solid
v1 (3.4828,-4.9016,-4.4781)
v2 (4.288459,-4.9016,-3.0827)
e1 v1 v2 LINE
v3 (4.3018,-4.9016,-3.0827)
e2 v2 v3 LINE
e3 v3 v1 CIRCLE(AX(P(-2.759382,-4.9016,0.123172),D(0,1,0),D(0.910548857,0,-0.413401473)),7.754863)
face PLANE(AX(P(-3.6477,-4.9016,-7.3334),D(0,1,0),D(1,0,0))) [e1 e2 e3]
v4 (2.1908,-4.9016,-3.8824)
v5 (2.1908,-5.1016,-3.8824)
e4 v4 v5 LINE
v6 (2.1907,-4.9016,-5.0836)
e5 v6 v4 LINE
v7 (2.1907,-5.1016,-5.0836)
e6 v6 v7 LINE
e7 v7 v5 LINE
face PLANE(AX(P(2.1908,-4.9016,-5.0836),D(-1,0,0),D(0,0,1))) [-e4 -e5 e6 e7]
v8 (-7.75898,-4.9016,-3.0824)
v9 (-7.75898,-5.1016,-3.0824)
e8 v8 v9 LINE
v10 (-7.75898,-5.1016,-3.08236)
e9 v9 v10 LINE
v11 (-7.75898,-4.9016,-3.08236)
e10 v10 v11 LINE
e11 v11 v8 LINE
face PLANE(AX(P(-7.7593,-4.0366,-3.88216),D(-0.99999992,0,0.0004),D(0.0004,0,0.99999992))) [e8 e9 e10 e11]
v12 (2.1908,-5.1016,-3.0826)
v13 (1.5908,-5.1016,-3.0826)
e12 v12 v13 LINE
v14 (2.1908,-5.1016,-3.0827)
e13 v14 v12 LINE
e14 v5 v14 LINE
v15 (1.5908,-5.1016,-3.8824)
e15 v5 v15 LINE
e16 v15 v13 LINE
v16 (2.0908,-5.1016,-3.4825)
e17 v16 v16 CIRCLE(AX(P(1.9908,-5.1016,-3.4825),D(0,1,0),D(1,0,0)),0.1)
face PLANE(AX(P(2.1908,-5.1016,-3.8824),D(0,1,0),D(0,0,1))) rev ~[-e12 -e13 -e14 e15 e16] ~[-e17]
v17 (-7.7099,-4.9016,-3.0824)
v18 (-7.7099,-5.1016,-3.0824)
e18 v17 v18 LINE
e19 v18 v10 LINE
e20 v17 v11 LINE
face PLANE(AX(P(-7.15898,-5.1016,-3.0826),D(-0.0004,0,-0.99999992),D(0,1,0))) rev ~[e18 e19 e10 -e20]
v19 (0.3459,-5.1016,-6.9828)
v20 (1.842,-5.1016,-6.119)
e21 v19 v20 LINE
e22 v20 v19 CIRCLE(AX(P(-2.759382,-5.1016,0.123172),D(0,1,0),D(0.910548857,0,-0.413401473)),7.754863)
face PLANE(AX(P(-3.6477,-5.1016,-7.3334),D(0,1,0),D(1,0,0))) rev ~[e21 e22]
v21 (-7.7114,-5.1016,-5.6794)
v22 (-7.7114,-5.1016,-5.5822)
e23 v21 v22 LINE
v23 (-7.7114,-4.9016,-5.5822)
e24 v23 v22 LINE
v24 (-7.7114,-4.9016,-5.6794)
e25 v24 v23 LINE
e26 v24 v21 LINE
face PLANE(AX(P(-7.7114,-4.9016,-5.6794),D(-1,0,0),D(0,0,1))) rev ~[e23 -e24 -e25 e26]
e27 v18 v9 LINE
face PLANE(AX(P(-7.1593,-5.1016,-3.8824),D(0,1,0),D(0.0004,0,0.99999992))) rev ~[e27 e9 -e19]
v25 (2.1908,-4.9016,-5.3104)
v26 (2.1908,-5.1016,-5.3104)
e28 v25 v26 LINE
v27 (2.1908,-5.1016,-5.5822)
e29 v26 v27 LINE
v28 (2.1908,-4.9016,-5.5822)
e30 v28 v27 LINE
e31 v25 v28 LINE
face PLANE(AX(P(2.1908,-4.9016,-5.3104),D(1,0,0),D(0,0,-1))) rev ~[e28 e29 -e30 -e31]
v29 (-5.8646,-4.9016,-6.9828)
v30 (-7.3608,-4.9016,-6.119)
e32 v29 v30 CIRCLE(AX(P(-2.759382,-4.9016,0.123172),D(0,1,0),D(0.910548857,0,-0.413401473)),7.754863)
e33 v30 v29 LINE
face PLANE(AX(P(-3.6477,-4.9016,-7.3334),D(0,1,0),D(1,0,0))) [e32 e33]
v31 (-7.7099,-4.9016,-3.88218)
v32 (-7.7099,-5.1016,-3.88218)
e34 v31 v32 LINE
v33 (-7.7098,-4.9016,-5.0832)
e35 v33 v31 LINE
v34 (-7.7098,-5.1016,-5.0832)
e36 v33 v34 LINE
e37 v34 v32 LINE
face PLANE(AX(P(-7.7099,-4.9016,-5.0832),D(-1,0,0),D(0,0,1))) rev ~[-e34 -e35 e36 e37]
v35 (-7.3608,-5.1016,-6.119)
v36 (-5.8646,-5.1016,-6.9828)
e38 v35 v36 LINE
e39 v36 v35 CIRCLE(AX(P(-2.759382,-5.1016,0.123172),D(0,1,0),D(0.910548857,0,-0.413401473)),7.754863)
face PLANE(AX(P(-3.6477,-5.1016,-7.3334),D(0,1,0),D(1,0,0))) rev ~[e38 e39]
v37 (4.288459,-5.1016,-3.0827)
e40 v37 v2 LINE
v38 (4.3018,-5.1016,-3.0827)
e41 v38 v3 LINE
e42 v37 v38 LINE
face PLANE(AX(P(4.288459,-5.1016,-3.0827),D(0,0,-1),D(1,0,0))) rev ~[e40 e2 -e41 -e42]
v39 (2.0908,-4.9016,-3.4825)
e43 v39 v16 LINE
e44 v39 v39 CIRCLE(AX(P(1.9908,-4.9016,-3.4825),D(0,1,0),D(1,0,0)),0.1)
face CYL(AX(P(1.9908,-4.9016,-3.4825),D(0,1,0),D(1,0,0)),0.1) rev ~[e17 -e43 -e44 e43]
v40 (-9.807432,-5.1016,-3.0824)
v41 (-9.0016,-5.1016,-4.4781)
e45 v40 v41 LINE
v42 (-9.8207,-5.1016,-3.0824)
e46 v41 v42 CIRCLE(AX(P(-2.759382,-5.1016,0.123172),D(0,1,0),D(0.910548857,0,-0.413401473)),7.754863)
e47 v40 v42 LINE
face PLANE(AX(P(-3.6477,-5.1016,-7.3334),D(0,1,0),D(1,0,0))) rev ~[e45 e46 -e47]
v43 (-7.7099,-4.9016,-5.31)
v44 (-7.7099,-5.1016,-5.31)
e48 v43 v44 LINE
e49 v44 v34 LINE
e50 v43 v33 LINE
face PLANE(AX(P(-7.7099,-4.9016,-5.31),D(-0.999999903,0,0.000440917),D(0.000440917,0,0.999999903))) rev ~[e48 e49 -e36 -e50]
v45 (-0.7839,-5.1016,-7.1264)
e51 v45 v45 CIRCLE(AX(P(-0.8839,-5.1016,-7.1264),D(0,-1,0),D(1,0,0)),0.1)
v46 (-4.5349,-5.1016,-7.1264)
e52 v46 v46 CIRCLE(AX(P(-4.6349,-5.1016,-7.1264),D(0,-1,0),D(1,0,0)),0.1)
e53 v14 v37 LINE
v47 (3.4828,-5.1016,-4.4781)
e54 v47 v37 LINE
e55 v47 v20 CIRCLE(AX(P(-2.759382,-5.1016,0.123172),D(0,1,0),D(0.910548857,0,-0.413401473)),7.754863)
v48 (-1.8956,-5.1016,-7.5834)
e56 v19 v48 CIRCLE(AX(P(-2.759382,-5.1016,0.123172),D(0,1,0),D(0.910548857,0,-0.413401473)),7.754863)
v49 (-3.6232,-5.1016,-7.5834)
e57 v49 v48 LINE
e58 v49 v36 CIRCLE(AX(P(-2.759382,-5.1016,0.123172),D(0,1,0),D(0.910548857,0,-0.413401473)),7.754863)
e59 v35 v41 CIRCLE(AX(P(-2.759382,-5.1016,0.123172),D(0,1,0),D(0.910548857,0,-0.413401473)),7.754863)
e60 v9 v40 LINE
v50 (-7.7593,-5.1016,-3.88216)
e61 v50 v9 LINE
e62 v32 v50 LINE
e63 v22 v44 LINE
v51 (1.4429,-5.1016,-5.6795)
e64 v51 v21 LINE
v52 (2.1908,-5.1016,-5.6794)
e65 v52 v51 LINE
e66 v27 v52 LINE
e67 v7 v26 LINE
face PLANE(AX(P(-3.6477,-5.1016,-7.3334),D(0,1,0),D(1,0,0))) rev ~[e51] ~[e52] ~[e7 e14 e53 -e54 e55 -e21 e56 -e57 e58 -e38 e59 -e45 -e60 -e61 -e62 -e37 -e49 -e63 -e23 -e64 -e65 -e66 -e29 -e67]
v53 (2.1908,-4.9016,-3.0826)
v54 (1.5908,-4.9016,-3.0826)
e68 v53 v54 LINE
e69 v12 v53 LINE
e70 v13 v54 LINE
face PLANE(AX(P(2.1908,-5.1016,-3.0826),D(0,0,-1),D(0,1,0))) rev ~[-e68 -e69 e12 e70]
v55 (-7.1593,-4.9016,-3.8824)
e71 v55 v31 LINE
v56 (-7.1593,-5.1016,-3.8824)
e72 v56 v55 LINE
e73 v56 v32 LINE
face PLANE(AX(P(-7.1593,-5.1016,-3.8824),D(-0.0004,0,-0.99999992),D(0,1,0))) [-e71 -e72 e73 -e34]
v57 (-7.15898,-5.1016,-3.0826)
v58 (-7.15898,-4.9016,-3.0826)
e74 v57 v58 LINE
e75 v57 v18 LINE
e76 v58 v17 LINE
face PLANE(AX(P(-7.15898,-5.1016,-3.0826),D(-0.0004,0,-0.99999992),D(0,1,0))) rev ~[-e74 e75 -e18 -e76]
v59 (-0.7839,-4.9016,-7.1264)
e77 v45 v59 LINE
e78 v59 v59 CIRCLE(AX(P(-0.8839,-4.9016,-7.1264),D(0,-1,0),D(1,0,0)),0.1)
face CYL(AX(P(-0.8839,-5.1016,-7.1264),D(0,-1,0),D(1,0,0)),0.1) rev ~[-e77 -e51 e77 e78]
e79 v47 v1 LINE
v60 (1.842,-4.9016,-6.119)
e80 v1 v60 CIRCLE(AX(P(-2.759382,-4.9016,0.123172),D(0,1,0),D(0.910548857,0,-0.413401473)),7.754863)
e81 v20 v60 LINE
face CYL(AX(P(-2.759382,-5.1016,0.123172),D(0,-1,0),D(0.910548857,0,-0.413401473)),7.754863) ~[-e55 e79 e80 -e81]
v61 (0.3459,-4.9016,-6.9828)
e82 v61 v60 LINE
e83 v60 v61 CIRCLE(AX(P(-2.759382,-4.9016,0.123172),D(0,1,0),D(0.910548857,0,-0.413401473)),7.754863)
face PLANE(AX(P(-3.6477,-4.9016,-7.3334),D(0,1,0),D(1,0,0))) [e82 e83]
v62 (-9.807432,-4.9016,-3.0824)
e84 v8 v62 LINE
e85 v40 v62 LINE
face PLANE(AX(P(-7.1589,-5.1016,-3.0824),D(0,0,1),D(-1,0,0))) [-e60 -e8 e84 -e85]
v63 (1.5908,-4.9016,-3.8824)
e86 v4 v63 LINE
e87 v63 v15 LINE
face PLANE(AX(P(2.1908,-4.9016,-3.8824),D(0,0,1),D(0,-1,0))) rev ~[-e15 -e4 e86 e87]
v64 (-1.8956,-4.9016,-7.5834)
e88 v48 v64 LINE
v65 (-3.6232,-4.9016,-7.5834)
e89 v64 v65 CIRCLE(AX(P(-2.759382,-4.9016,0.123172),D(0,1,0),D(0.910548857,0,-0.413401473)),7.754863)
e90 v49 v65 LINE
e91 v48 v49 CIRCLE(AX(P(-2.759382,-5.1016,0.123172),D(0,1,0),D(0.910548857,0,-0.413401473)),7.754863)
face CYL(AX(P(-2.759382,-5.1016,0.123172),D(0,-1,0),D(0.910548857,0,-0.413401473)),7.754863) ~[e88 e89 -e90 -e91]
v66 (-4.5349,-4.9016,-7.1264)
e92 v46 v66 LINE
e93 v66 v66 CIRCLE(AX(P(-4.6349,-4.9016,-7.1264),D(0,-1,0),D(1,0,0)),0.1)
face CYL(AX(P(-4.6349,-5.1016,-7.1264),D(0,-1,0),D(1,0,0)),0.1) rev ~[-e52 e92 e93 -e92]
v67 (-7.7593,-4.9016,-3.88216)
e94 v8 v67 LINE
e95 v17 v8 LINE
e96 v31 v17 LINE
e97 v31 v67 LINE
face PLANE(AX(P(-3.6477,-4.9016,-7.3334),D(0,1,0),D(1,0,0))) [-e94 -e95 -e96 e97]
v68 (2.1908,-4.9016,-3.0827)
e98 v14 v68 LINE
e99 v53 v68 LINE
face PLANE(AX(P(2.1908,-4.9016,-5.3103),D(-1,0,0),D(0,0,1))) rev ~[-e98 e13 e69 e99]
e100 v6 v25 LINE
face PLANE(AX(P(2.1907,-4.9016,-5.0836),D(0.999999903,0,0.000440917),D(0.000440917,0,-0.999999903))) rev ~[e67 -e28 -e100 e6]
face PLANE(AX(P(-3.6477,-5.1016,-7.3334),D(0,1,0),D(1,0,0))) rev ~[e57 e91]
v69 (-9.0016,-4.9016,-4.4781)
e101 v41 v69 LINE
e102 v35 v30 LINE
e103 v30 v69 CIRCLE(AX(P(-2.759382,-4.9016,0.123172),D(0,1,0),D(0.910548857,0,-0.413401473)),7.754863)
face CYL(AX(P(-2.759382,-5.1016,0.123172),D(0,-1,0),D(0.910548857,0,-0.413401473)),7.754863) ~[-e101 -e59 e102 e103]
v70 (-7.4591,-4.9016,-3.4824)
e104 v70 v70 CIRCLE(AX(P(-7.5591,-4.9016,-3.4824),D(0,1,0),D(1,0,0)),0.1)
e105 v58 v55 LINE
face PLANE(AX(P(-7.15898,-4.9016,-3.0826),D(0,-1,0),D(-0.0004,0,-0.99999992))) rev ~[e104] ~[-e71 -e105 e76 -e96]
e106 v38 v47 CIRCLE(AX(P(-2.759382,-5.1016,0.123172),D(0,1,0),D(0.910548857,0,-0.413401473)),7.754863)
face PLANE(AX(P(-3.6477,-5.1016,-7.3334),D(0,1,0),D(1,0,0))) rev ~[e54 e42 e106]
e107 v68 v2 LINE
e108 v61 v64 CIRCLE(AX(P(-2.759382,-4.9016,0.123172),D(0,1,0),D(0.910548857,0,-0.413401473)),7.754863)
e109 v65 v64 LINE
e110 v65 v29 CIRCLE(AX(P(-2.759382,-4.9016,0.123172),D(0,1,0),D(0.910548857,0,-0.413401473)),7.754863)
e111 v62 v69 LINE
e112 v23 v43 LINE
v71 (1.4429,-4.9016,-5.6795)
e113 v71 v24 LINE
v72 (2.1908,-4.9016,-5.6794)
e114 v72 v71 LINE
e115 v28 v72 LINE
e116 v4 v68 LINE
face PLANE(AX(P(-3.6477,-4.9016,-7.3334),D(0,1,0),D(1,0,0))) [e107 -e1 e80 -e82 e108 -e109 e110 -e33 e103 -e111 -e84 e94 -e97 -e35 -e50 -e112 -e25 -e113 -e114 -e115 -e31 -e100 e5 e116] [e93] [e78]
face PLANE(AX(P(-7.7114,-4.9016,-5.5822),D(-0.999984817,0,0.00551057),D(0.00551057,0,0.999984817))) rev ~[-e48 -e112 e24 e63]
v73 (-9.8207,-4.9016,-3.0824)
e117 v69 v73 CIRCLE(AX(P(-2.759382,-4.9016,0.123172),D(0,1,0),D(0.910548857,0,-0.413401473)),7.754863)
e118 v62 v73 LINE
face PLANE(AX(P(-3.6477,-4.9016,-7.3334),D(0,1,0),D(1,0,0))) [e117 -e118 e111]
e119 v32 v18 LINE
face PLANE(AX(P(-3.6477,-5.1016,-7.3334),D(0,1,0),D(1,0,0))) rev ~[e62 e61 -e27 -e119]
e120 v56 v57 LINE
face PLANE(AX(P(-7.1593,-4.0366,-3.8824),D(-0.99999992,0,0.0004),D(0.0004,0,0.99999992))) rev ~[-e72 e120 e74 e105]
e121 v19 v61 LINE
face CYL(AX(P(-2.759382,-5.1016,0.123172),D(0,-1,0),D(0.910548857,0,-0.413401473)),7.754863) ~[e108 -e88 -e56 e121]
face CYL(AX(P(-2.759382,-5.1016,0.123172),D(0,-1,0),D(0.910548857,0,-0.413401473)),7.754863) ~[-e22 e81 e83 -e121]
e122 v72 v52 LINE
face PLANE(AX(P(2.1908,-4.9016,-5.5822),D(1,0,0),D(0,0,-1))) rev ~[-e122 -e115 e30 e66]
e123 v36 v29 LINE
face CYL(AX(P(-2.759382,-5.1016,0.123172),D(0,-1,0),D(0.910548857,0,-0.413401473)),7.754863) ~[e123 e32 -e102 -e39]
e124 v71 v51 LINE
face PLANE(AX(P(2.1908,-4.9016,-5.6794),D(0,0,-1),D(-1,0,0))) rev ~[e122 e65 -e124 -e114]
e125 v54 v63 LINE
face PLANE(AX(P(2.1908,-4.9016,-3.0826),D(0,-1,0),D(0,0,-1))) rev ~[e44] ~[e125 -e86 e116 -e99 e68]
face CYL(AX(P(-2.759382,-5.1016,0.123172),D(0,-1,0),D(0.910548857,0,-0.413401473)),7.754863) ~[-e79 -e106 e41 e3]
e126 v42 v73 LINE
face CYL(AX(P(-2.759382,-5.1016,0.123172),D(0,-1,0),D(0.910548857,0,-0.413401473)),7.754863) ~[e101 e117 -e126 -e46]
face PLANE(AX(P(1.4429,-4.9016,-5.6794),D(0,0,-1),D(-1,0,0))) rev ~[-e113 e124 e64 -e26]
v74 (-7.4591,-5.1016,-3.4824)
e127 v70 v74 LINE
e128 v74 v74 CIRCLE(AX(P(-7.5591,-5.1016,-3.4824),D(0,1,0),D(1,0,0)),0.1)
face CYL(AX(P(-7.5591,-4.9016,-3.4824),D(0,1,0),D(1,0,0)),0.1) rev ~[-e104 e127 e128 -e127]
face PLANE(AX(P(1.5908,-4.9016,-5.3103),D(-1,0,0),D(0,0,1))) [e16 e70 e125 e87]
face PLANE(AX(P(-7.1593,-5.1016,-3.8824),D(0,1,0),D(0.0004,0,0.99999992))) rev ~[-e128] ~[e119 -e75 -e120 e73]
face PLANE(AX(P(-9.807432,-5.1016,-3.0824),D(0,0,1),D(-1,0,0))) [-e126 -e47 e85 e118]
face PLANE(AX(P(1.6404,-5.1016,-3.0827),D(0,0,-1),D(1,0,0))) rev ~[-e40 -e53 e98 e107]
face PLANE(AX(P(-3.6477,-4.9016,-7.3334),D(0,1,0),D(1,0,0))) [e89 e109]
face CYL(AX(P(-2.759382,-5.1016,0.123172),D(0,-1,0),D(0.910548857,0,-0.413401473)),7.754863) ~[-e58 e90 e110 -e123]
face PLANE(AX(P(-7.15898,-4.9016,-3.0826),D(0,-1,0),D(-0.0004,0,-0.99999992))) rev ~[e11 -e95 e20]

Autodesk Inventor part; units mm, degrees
ref_plane "Plano de trabajo1" through (-3.6477, -5.1016, -7.3334) normal (0, 1, 0) x (1, 0, 0)
sketch "Boceto1" plane through (-3.6477, -5.1016, -7.3334) normal (0, 1, 0) x (1, 0, 0)
  line L0 (5.2883, -3.4507) -> (5.2882, -3.8566) projected
  line L1 (4.7883, -3.4507) -> (5.2883, -3.4507) projected
  line L2 (5.2882, -3.8566) -> (5.2882, -4.1566) projected
  line L3 (5.2881, -4.2507) -> (4.0881, -4.2506) projected
  line L4 (-3.5114, -3.8566) -> (-3.5113, -4.1566) projected
  line L5 (-3.5114, -3.8566) -> (-3.5116, -3.451) projected
  line L6 (-3.5116, -3.451) -> (-3.0116, -3.4508) projected
  line L7 (-3.7131, -1.2144) -> (-2.2169, -0.3506) projected
  line L8 (-6.2177, -4.3514) -> (-5.3539, -2.8553) projected
  line L9 (7.1305, -2.8553) -> (7.9943, -4.3514) projected
  line L10 (3.9936, -0.3506) -> (5.4897, -1.2144) projected
  line L11 (0.0245, 0.25) -> (1.7521, 0.25) projected
  arc A0 (7.9495, -4.2507) -> (-6.173, -4.251) centre (0.8883, -7.4566) ccw
  line L12 (-2.3112, -4.2505) -> (-3.5112, -4.251) projected
  line L13 (5.2881, -4.2507) -> (7.9495, -4.2507)
  line L14 (-3.5112, -4.251) -> (-6.173, -4.251)
  line L15 (-3.5112, -4.251) -> (-3.5116, -3.451)
  line L16 (-3.5116, -3.451) -> (5.2883, -3.4507)
  line L17 (5.2883, -3.4507) -> (5.2881, -4.2507)
  point P0 (3.6477, -7.3334)
extrude "Extrusión1" add sketch "Boceto1" along normal blind 0.2
ref_plane "Plano de trabajo2" through (-3.6477, -4.9016, -7.3334) normal (0, 1, 0) x (1, 0, 0)
sketch "Boceto2" plane through (-3.6477, -4.9016, -7.3334) normal (0, 1, 0) x (1, 0, 0)
  line L0 (5.0906, -1.7512) -> (-3.3106, -1.7469) projected
  line L1 (-3.3106, -1.8516) -> (-3.9207, -1.8515) projected
  line L2 (5.8384, -2.2498) -> (5.8385, -2.023) projected
  line L3 (-4.0622, -2.0234) -> (-4.0621, -2.2502) projected
  line L4 (5.8385, -2.023) -> (5.8385, -4.7089)
  line L5 (-4.0622, -2.0234) -> (-4.0622, -5.784)
  line L6 (5.0906, -1.7512) -> (-3.3106, -1.7469)
  line L7 (5.8385, -2.023) -> (5.8385, -1.7512)
  line L8 (5.8385, -1.7512) -> (5.0906, -1.7512)
  line L9 (-3.3106, -1.7469) -> (-4.0637, -1.7512)
  line L10 (-4.0637, -1.7512) -> (-4.0622, -2.0234)
  line L11 (5.8385, -4.7089) -> (-4.0637, -4.7089)
  line L12 (-4.0637, -4.7089) -> (-4.0637, -1.7512)
  line L13 (-4.0637, -1.7512) -> (5.8385, -1.7512)
  line L14 (5.8385, -1.7512) -> (5.8385, -4.7089)
  line L15 (5.0906, -1.6539) -> (-3.3105, -1.6519) projected
  line L16 (-4.0637, -1.7512) -> (5.8385, -1.7512)
  line L17 (5.8385, -1.7512) -> (5.8385, -1.654)
  line L18 (5.8385, -1.654) -> (-4.0637, -1.654)
  line L19 (-4.0637, -1.654) -> (-4.0637, -1.7512)
  point P0 (3.6477, -7.3334)
  point P1 (-3.2616, -3.4509)
extrude "Extrusión2" cut sketch "Boceto2" against normal blind 0.2
ref_plane "Plano de trabajo3" through (-7.1593, -4.0366, -3.8824) normal (-1, 0, 0.0004) x (0.0004, 0, 1)
sketch "Boceto3" plane through (-7.1593, -4.0366, -3.8824) normal (-1, 0, 0.0004) x (0.0004, 0, 1)
  line L0 (0.7998, -1.065) -> (0.7998, -0.865) projected
  line L1 (-1.7972, -1.065) -> (0.7998, -1.065) projected
  line L2 (-1.7972, -0.865) -> (-1.7972, -1.065) projected
  line L3 (0.7998, -0.865) -> (-1.7972, -0.865) projected
  line L4 (0, -1.065) -> (0, -0.4397)
  line L5 (0.7998, -0.865) -> (0, -0.865)
  line L6 (0, -0.865) -> (0, -1.065)
  line L7 (0, -1.065) -> (0.7998, -1.065)
  line L8 (0.7998, -1.065) -> (0.7998, -0.865)
  point P0 (3.8854, 4.0366)
extrude "Extrusión3" add sketch "Boceto3" along normal blind 0.6 contours L1 L4 L3 L0
ref_plane "Plano de trabajo4" through (2.1908, -4.9016, -5.3103) normal (-1, 0, 0) x (0, 0, 1)
sketch "Boceto4" plane through (2.1908, -4.9016, -5.3103) normal (-1, 0, 0) x (0, 0, 1)
  line L0 (2.2277, -0.2) -> (2.2277, 0) projected
  line L1 (1.4279, 0) -> (1.4279, -0.2) projected
  line L2 (2.2277, 0) -> (1.4279, 0) projected
  line L3 (1.4279, -0.2) -> (2.2277, -0.2) projected
  point P0 (5.3103, 4.9016)
extrude "Extrusión4" add sketch "Boceto4" along normal blind 0.6
sketch "Boceto5" plane through (-3.6477, -4.9016, -7.3334) normal (0, 1, 0) x (1, 0, 0)
  line L0 (-3.5116, -3.451) -> (-3.5112, -4.2507) projected
  line L1 (-3.5112, -4.2507) -> (-4.3112, -4.251)
  line L2 (-4.1112, -4.251) -> (-6.173, -4.251) projected
  line L3 (-3.5116, -3.451) -> (-3.5112, -4.2507)
  circle A0 centre (-3.9114, -3.851) radius 0.1
  line L4 (5.2385, -3.451) -> (5.2385, -4.2507) projected
  line L5 (5.2385, -3.451) -> (5.2385, -4.2507)
  line L6 (5.2385, -4.2507) -> (6.0385, -4.2507)
  line L7 (5.8385, -4.2507) -> (7.9495, -4.2507) projected
  line L8 (5.8385, -3.451) -> (5.2385, -3.451) projected
  circle A1 centre (5.6385, -3.8509) radius 0.1
  point P0 (3.6477, -7.3334)
  dimension "d9" = 0.8
  dimension "d10" = 0.2
  dimension "d11" = 0.8
  dimension "d12" = 0.2
extrude "Extrusión5" cut sketch "Boceto5" against normal blind 0.6
sketch "Boceto6" plane through (-3.6477, -5.1016, -7.3334) normal (0, -1, 0) x (1, 0, 0)
  circle A0 centre (-0.9872, 0.207) radius 0.1 projected
  circle A1 centre (2.7638, 0.207) radius 0.1 projected
  point P0 (3.6477, 7.3334)
extrude "Extrusión6" cut sketch "Boceto6" against normal blind 1
properties part number "va"
